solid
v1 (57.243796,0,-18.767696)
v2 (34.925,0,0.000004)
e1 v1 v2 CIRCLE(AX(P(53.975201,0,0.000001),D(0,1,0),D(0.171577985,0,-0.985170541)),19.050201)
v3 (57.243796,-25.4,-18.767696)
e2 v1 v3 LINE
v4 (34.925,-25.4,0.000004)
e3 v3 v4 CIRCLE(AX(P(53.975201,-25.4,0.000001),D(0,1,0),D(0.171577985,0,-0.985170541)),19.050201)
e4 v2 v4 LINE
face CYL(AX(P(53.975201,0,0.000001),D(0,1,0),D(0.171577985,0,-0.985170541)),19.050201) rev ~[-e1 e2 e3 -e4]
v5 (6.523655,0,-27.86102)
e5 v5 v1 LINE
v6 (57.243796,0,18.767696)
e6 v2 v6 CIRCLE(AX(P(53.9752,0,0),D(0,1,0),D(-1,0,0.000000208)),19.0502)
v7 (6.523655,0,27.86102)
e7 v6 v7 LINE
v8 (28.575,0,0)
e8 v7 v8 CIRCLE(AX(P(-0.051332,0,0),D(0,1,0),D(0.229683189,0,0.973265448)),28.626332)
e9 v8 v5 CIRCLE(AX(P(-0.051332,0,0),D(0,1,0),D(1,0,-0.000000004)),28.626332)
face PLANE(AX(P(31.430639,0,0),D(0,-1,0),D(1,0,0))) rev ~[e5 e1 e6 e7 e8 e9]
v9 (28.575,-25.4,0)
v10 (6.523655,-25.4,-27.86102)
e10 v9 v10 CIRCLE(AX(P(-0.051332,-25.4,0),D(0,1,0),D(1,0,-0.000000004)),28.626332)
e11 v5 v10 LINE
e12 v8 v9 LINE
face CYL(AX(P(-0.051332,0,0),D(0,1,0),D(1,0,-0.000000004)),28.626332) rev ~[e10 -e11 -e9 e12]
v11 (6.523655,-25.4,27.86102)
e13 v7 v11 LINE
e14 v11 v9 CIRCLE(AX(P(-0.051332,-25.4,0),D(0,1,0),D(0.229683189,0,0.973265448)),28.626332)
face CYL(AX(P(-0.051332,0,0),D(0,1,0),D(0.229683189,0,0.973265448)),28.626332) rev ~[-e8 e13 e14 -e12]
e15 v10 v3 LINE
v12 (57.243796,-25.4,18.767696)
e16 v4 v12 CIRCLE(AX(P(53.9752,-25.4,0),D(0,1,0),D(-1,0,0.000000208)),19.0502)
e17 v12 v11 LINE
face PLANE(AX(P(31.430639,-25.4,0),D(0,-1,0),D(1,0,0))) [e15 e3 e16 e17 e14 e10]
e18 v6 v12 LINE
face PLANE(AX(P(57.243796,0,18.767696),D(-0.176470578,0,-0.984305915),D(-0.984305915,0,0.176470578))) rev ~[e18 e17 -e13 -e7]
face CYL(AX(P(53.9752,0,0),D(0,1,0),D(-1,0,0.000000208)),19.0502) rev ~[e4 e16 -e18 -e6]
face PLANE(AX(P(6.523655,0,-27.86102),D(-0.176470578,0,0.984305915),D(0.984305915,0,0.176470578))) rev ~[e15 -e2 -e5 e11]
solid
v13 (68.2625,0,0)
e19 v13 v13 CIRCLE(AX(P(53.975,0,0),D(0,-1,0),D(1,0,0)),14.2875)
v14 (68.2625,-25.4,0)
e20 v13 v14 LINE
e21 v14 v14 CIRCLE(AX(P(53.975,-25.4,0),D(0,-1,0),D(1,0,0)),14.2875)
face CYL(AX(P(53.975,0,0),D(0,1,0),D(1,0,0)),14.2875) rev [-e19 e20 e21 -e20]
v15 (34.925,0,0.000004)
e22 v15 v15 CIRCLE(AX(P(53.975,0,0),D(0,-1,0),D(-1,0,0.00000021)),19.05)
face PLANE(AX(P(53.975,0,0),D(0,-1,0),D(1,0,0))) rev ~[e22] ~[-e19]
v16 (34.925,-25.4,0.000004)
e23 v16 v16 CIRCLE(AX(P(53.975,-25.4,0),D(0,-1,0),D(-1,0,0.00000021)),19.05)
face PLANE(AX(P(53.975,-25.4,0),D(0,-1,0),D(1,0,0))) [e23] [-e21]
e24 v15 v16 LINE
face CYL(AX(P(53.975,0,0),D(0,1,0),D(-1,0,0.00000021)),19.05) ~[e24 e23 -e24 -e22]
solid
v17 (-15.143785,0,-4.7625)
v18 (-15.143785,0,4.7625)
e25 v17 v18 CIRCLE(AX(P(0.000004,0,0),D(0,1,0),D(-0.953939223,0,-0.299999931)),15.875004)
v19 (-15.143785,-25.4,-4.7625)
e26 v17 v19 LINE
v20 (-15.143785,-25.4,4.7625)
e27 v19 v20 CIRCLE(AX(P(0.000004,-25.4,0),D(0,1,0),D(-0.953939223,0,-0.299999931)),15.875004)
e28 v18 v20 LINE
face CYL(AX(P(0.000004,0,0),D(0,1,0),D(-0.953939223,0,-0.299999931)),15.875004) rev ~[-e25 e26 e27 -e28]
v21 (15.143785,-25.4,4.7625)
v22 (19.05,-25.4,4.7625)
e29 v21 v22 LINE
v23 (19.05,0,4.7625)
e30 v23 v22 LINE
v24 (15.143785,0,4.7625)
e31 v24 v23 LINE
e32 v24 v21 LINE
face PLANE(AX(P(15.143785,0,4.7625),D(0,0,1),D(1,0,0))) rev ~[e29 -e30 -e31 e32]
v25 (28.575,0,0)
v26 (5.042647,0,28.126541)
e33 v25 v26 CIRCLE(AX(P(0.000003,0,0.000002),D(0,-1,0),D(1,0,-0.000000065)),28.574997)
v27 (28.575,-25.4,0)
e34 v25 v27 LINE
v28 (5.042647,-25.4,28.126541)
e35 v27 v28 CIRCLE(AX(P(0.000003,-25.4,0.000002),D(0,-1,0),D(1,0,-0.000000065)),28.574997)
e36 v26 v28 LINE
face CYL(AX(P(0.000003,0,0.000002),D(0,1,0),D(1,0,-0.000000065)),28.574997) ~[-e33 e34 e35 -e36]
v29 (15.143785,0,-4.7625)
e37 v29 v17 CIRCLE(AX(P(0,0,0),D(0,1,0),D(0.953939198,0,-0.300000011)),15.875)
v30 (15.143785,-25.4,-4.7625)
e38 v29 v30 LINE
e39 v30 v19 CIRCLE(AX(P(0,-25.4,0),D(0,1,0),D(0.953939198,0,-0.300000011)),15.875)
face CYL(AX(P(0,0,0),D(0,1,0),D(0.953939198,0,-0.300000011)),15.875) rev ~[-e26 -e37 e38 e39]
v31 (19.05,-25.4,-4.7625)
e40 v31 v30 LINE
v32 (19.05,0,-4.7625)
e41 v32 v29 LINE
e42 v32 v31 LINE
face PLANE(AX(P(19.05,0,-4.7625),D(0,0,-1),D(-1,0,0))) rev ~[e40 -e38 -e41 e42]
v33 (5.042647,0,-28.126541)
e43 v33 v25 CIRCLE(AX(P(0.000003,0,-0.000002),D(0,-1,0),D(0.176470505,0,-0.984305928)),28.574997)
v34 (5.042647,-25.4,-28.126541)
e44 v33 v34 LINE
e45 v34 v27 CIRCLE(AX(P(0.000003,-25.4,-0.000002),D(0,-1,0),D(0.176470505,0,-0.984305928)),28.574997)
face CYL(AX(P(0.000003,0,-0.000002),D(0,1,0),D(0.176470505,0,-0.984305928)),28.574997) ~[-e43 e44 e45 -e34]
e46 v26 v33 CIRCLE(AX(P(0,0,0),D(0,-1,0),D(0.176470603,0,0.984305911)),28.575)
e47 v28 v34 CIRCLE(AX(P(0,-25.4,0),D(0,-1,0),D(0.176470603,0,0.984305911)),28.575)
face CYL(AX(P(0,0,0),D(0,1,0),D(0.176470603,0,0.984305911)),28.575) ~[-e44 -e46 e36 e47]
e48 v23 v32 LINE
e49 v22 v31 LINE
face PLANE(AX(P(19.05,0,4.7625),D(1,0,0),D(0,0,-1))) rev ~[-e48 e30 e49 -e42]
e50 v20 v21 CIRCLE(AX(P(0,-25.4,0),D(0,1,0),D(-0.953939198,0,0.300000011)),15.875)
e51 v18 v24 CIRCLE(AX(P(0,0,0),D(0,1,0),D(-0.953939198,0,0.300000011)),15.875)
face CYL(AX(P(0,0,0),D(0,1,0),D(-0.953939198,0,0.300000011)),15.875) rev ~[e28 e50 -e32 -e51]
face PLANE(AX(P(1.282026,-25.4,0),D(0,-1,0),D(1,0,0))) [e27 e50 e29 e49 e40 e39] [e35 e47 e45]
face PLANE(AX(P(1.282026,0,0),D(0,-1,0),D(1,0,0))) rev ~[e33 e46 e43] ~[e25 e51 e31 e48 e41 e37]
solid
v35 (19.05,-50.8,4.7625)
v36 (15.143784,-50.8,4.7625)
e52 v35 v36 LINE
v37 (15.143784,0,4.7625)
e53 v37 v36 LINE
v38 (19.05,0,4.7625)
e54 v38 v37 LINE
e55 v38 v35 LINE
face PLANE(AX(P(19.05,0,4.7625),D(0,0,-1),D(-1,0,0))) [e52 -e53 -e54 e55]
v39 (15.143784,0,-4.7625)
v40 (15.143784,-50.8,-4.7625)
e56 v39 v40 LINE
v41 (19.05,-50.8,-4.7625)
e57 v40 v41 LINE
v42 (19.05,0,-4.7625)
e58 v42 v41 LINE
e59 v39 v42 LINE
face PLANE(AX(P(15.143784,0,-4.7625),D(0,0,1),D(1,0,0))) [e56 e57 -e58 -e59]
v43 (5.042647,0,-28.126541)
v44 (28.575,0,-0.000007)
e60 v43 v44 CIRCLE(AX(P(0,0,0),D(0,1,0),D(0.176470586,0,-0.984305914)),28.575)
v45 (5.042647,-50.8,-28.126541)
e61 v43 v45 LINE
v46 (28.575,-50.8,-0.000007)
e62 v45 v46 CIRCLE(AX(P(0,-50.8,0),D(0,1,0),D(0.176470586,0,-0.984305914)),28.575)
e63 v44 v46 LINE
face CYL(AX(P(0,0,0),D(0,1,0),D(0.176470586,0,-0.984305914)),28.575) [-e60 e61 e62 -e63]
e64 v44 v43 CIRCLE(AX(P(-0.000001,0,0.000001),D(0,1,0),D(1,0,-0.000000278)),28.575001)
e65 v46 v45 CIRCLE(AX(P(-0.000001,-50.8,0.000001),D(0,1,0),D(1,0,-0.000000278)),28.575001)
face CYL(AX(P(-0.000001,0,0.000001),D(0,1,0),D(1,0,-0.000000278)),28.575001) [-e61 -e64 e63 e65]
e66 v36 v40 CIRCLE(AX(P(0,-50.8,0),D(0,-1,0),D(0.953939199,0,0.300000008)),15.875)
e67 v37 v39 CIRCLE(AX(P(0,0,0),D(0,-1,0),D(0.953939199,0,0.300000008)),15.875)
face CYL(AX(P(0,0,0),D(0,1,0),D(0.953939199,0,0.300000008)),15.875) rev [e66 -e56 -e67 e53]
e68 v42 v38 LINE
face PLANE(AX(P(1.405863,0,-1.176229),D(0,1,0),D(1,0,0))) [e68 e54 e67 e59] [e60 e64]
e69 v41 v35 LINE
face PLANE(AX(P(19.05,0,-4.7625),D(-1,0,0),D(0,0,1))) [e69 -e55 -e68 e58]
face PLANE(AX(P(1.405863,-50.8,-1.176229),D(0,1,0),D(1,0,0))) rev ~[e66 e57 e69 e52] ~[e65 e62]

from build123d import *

# Parameters (mm, degrees)
F0_R     = 14.2875
F1_DEPTH = 25.4
F2_DEPTH = 50.8


with BuildPart() as f1:
    # F0 (on Front) → F1 (new body)
    with BuildSketch(Plane.XZ):
        with BuildLine():
            ThreePointArc((28.575, 0), (21.916025, 18.336262), (5.042647, 28.126541))
            ThreePointArc((5.042647, 28.126541), (-28.575, 0), (5.042647, -28.126541))
            ThreePointArc((5.042647, -28.126541), (21.916025, -18.336262), (28.575, 0))
        make_face()
        with BuildLine():
            ThreePointArc((-15.143785, 4.7625), (0, 15.875), (15.143785, 4.7625))
            Line((15.143785, 4.7625), (19.05, 4.7625))
            Line((19.05, 4.7625), (19.05, -4.7625))
            Line((19.05, -4.7625), (15.143785, -4.7625))
            ThreePointArc((15.143785, -4.7625), (0, -15.875), (-15.143785, -4.7625))
            Line((-15.143785, -4.7625), (-19.05, -4.7625))
            Line((-19.05, -4.7625), (-19.05, 4.7625))
            Line((-19.05, 4.7625), (-15.143785, 4.7625))
        make_face(mode=Mode.SUBTRACT)
        with BuildLine():
            ThreePointArc((-15.143785, -4.7625), (-15.875, 0), (-15.143785, 4.7625))
            Line((-15.143785, 4.7625), (-19.05, 4.7625))
            Line((-19.05, 4.7625), (-19.05, -4.7625))
            Line((-19.05, -4.7625), (-15.143785, -4.7625))
        make_face()
        with BuildLine():
            Line((57.243796, 18.767696), (6.523655, 27.86102))
            ThreePointArc((6.523655, 27.86102), (22.3951, 17.765826), (28.575, 0))
            ThreePointArc((28.575, 0), (22.3951, -17.765826), (6.523655, -27.86102))
            Line((6.523655, -27.86102), (57.243796, -18.767696))
            ThreePointArc((57.243796, -18.767696), (41.714637, -14.580422), (34.925, 4e-06))
            ThreePointArc((34.925, 4e-06), (41.71464, 14.580425), (57.243796, 18.767696))
        make_face()
        with BuildLine():
            ThreePointArc((73.025, 0), (53.975002, 19.05), (34.925, 4e-06))
            ThreePointArc((34.925, 4e-06), (53.974998, -19.05), (73.025, 0))
        make_face()
        with Locations((53.975, 0)):
            Circle(F0_R, mode=Mode.SUBTRACT)
    extrude(amount=F1_DEPTH)


with BuildPart() as f2:
    # F1_face (on face) → F2 (new body)
    with BuildSketch(Plane(origin=(-0.324025, 0, 0), x_dir=(1, 0, 0), z_dir=(0, 1, 0))):
        with BuildLine():
            ThreePointArc((28.899025, 7e-06), (22.240047, 18.336264), (5.366672, 28.126541))
            ThreePointArc((5.366672, 28.126541), (-21.591998, -18.336264), (28.899025, 7e-06))
        make_face()
        with BuildLine():
            ThreePointArc((15.467809, -4.7625), (-15.550975, 0), (15.467809, 4.7625))
            Line((15.467809, 4.7625), (19.374025, 4.7625))
            Line((19.374025, 4.7625), (19.374025, -4.7625))
            Line((19.374025, -4.7625), (15.467809, -4.7625))
        make_face(mode=Mode.SUBTRACT)
    extrude(amount=-F2_DEPTH)


solid = Compound([f1.part, f2.part])
